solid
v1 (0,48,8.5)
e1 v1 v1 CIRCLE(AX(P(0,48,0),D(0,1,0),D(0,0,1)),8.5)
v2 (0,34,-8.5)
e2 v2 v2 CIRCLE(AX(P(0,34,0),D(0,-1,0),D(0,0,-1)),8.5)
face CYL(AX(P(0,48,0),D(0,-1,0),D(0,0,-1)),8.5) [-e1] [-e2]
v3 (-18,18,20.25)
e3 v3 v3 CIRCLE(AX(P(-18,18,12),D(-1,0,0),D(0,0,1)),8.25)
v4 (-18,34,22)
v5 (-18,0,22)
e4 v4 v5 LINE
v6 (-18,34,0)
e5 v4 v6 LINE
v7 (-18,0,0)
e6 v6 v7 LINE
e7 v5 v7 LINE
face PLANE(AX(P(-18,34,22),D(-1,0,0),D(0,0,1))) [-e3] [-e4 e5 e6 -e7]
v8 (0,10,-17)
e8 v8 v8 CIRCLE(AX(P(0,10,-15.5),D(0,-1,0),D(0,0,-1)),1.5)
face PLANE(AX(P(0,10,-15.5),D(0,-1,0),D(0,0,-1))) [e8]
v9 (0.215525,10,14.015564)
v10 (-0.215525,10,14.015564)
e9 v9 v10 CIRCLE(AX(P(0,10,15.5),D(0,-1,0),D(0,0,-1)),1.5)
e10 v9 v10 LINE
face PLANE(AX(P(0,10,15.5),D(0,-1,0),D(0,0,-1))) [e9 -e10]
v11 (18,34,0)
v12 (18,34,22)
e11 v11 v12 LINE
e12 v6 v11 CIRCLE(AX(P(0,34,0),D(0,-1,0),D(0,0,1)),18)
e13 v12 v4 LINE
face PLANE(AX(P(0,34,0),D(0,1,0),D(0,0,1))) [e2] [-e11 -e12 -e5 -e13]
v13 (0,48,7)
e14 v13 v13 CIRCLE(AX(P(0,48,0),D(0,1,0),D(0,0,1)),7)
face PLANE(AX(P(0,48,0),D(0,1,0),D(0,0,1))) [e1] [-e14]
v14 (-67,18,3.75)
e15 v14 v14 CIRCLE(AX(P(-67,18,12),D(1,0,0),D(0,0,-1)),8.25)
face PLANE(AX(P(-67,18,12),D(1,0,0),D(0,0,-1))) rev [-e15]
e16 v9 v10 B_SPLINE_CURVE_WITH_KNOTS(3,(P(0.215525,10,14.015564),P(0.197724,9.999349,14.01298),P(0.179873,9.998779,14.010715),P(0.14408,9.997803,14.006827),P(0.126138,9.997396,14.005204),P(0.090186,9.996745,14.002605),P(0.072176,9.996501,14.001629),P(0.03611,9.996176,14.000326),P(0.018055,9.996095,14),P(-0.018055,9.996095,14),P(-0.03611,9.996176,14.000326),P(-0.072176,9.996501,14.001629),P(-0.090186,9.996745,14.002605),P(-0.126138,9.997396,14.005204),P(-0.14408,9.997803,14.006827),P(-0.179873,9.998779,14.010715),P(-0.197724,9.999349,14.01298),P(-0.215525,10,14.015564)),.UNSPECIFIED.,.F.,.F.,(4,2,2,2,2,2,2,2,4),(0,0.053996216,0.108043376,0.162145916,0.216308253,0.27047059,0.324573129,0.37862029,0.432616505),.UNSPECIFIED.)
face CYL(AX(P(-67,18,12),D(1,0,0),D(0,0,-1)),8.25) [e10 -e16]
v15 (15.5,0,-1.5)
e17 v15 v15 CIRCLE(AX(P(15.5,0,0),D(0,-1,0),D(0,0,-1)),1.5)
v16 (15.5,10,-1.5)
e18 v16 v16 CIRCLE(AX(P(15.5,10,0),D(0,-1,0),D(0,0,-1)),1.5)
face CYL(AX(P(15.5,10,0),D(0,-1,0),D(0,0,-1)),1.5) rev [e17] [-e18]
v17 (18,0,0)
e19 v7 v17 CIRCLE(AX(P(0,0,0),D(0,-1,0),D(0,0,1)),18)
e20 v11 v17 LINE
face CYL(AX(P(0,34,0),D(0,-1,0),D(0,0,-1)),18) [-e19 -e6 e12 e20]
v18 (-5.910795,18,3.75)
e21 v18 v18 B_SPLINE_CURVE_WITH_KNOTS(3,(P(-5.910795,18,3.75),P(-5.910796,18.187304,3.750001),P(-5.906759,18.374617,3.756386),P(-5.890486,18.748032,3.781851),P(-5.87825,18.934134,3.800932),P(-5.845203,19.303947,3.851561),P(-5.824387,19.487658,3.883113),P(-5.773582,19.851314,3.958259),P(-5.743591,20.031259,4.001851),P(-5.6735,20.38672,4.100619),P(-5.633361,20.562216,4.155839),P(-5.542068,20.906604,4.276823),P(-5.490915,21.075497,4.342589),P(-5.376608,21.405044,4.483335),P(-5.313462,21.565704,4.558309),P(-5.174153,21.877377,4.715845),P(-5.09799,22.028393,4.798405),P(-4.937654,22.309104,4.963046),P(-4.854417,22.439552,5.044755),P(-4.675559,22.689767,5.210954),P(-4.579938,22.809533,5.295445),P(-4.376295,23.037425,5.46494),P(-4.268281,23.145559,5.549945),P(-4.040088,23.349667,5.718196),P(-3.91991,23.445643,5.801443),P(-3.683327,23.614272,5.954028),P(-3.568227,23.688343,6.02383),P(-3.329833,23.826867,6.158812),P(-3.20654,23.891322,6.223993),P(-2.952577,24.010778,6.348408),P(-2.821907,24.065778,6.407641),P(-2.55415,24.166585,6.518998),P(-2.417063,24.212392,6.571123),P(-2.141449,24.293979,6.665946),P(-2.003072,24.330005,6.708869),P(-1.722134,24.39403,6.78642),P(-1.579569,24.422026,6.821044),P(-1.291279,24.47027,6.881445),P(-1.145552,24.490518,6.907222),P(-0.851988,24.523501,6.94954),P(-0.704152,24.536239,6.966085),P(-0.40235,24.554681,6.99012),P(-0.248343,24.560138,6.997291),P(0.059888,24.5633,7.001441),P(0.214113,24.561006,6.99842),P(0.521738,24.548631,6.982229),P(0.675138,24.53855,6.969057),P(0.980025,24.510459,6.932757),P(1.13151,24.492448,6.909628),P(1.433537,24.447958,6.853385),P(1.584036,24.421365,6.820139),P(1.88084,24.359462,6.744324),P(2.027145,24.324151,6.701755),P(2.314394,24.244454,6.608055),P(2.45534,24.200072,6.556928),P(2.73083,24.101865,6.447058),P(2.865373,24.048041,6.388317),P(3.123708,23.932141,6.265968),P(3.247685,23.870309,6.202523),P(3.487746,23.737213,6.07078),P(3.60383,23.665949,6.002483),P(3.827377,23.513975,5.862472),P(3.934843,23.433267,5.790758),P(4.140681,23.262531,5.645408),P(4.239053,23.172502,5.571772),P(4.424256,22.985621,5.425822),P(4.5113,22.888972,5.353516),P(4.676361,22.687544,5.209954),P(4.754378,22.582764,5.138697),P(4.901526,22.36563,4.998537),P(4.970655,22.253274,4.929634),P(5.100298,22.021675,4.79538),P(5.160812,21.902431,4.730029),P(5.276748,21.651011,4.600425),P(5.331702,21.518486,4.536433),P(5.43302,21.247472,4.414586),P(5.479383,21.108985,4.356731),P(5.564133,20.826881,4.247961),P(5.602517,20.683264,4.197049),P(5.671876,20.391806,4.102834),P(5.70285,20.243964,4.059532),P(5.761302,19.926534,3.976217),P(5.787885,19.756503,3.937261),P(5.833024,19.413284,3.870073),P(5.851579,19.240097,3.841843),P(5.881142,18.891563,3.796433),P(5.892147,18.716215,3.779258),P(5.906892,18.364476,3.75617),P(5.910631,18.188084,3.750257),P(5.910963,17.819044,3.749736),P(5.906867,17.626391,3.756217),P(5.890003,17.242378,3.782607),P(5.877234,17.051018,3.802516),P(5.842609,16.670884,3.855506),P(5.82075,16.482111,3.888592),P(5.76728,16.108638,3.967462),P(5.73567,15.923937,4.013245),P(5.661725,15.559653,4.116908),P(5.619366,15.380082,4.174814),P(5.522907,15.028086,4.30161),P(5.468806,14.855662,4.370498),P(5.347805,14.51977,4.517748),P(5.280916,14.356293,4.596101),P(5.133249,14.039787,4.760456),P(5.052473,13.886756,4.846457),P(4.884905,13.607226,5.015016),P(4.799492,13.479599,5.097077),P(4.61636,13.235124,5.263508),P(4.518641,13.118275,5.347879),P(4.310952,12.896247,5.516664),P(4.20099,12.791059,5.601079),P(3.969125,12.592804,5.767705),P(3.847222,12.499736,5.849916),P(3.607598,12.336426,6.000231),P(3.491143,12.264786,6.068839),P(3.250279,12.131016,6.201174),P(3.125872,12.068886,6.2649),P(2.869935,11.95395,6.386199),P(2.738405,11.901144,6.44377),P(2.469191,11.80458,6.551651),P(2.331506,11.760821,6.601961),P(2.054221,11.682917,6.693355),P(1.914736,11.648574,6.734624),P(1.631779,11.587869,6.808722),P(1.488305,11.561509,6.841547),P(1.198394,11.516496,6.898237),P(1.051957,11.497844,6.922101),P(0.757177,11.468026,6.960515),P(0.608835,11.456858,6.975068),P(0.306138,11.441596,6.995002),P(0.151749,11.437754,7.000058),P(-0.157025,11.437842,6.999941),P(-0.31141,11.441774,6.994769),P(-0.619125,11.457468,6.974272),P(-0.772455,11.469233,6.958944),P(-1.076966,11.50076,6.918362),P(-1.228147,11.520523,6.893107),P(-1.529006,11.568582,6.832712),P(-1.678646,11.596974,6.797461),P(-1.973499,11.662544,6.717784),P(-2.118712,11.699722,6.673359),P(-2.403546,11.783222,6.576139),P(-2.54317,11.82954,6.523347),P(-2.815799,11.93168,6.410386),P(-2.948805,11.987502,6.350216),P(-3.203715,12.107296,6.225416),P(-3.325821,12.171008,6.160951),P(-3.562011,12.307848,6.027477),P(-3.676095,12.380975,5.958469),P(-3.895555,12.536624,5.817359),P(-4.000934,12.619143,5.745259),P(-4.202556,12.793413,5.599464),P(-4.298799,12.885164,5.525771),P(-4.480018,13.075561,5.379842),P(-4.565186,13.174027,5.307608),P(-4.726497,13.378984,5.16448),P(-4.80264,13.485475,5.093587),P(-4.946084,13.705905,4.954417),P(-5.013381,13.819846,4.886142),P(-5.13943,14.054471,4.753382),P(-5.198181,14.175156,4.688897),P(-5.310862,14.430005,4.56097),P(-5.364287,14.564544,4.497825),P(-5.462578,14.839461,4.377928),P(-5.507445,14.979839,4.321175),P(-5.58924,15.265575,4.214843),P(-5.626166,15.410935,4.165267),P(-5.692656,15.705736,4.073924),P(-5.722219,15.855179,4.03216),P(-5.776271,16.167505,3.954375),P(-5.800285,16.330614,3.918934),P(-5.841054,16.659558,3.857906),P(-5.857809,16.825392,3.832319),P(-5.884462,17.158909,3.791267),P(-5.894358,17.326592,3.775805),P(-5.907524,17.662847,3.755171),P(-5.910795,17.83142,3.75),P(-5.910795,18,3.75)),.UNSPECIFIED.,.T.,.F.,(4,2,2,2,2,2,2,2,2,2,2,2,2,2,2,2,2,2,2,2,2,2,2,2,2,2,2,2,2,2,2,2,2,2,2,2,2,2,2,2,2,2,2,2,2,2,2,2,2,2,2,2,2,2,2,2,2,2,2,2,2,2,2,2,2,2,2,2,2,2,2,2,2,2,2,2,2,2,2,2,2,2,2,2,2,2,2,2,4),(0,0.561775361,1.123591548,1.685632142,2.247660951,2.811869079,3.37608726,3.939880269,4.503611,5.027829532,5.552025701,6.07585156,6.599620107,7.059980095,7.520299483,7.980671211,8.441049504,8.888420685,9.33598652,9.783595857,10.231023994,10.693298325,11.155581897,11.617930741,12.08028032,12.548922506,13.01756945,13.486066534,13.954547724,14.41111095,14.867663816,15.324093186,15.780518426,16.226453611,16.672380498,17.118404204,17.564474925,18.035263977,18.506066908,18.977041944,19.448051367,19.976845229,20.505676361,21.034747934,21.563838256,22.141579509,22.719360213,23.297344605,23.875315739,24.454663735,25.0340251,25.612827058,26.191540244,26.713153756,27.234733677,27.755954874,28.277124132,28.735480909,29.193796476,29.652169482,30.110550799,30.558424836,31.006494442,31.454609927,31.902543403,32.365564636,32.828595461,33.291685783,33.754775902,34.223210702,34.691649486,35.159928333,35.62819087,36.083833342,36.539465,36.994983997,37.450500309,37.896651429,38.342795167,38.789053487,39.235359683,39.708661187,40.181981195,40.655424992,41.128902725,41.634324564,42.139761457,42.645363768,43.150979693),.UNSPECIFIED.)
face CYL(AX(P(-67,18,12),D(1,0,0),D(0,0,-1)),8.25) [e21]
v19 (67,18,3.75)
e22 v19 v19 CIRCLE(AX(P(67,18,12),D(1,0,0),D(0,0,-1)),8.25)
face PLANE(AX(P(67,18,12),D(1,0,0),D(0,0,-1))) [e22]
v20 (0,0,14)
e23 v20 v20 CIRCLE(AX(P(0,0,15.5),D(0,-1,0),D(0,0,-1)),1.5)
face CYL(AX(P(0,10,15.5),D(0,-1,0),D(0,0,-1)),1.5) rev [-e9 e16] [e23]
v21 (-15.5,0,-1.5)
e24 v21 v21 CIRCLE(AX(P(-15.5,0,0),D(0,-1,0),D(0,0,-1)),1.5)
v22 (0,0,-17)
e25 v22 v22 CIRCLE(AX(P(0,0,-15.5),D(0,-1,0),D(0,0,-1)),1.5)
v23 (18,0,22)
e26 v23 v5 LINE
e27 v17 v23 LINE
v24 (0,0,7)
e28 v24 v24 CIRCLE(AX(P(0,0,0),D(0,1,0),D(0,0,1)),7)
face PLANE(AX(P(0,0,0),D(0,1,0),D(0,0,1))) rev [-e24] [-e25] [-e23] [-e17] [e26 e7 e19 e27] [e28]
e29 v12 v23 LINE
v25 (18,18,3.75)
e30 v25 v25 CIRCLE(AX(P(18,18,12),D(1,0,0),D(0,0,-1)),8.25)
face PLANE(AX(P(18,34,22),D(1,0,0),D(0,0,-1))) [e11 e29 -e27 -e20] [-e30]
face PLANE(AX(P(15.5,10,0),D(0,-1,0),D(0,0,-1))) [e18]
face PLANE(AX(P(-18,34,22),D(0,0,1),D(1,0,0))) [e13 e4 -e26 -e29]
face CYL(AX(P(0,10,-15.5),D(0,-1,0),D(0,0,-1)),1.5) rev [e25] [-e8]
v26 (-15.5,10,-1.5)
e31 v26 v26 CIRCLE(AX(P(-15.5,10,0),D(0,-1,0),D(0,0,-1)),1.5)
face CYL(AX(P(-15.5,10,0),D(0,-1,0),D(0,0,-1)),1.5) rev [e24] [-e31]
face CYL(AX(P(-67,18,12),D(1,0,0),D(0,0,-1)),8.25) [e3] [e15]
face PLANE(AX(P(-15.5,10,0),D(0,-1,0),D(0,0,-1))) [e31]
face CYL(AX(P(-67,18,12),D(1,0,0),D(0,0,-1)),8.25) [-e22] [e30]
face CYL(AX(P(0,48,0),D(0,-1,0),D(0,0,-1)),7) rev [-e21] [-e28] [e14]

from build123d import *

# Parameters (mm, degrees)
SKETCH1_R                = 8.5
SKETCH1_R_2              = 7
BOSS_EXTRUDE1_DEPTH      = 48
SKETCH2_R                = 8.5
BOSS_EXTRUDE2_DEPTH      = 34
SKETCH3_R                = 1.5
CUT_EXTRUDE1_DEPTH       = 10
SKETCH4_R                = 8.25
BOSS_EXTRUDE3_DEPTH      = 67
BOSS_EXTRUDE3_DEPTH_BACK = 67


with BuildPart() as part:
    # Sketch1 → Boss-Extrude1 (new body)
    with BuildSketch(Plane(origin=(0, 0, 0), x_dir=(1, 0, 0), z_dir=(0, 1, 0))):
        Circle(SKETCH1_R)
        Circle(SKETCH1_R_2, mode=Mode.SUBTRACT)
    extrude(amount=BOSS_EXTRUDE1_DEPTH)

    # Sketch2 → Boss-Extrude2 (add)
    with BuildSketch(Plane.XZ):
        with BuildLine():
            Line((-18, 22), (18, 22))
            Line((18, 22), (18, 0))
            ThreePointArc((18, 0), (0, -18), (-18, 0))
            Line((-18, 0), (-18, 22))
        make_face()
        Circle(SKETCH2_R, mode=Mode.SUBTRACT)
    extrude(amount=-BOSS_EXTRUDE2_DEPTH)

    # Sketch3 → Cut-Extrude1 (cut)
    with BuildSketch(Plane.XZ):
        with Locations((0, -15.5)):
            Circle(SKETCH3_R)
        with Locations((-15.5, 0)):
            Circle(SKETCH3_R)
        with Locations((0, 15.5)):
            Circle(SKETCH3_R)
        with Locations((15.5, 0)):
            Circle(SKETCH3_R)
    extrude(amount=-CUT_EXTRUDE1_DEPTH, mode=Mode.SUBTRACT)

    # Sketch4 → Boss-Extrude3 (add, two sides)
    with BuildSketch(Plane(origin=(0, 0, 0), x_dir=(0, 0, -1), z_dir=(1, 0, 0))) as boss_extrude3_sk:
        with Locations((-12, 18)):
            Circle(SKETCH4_R)
    extrude(amount=BOSS_EXTRUDE3_DEPTH)
    extrude(boss_extrude3_sk.sketch, amount=-BOSS_EXTRUDE3_DEPTH_BACK)


solid = part.part
